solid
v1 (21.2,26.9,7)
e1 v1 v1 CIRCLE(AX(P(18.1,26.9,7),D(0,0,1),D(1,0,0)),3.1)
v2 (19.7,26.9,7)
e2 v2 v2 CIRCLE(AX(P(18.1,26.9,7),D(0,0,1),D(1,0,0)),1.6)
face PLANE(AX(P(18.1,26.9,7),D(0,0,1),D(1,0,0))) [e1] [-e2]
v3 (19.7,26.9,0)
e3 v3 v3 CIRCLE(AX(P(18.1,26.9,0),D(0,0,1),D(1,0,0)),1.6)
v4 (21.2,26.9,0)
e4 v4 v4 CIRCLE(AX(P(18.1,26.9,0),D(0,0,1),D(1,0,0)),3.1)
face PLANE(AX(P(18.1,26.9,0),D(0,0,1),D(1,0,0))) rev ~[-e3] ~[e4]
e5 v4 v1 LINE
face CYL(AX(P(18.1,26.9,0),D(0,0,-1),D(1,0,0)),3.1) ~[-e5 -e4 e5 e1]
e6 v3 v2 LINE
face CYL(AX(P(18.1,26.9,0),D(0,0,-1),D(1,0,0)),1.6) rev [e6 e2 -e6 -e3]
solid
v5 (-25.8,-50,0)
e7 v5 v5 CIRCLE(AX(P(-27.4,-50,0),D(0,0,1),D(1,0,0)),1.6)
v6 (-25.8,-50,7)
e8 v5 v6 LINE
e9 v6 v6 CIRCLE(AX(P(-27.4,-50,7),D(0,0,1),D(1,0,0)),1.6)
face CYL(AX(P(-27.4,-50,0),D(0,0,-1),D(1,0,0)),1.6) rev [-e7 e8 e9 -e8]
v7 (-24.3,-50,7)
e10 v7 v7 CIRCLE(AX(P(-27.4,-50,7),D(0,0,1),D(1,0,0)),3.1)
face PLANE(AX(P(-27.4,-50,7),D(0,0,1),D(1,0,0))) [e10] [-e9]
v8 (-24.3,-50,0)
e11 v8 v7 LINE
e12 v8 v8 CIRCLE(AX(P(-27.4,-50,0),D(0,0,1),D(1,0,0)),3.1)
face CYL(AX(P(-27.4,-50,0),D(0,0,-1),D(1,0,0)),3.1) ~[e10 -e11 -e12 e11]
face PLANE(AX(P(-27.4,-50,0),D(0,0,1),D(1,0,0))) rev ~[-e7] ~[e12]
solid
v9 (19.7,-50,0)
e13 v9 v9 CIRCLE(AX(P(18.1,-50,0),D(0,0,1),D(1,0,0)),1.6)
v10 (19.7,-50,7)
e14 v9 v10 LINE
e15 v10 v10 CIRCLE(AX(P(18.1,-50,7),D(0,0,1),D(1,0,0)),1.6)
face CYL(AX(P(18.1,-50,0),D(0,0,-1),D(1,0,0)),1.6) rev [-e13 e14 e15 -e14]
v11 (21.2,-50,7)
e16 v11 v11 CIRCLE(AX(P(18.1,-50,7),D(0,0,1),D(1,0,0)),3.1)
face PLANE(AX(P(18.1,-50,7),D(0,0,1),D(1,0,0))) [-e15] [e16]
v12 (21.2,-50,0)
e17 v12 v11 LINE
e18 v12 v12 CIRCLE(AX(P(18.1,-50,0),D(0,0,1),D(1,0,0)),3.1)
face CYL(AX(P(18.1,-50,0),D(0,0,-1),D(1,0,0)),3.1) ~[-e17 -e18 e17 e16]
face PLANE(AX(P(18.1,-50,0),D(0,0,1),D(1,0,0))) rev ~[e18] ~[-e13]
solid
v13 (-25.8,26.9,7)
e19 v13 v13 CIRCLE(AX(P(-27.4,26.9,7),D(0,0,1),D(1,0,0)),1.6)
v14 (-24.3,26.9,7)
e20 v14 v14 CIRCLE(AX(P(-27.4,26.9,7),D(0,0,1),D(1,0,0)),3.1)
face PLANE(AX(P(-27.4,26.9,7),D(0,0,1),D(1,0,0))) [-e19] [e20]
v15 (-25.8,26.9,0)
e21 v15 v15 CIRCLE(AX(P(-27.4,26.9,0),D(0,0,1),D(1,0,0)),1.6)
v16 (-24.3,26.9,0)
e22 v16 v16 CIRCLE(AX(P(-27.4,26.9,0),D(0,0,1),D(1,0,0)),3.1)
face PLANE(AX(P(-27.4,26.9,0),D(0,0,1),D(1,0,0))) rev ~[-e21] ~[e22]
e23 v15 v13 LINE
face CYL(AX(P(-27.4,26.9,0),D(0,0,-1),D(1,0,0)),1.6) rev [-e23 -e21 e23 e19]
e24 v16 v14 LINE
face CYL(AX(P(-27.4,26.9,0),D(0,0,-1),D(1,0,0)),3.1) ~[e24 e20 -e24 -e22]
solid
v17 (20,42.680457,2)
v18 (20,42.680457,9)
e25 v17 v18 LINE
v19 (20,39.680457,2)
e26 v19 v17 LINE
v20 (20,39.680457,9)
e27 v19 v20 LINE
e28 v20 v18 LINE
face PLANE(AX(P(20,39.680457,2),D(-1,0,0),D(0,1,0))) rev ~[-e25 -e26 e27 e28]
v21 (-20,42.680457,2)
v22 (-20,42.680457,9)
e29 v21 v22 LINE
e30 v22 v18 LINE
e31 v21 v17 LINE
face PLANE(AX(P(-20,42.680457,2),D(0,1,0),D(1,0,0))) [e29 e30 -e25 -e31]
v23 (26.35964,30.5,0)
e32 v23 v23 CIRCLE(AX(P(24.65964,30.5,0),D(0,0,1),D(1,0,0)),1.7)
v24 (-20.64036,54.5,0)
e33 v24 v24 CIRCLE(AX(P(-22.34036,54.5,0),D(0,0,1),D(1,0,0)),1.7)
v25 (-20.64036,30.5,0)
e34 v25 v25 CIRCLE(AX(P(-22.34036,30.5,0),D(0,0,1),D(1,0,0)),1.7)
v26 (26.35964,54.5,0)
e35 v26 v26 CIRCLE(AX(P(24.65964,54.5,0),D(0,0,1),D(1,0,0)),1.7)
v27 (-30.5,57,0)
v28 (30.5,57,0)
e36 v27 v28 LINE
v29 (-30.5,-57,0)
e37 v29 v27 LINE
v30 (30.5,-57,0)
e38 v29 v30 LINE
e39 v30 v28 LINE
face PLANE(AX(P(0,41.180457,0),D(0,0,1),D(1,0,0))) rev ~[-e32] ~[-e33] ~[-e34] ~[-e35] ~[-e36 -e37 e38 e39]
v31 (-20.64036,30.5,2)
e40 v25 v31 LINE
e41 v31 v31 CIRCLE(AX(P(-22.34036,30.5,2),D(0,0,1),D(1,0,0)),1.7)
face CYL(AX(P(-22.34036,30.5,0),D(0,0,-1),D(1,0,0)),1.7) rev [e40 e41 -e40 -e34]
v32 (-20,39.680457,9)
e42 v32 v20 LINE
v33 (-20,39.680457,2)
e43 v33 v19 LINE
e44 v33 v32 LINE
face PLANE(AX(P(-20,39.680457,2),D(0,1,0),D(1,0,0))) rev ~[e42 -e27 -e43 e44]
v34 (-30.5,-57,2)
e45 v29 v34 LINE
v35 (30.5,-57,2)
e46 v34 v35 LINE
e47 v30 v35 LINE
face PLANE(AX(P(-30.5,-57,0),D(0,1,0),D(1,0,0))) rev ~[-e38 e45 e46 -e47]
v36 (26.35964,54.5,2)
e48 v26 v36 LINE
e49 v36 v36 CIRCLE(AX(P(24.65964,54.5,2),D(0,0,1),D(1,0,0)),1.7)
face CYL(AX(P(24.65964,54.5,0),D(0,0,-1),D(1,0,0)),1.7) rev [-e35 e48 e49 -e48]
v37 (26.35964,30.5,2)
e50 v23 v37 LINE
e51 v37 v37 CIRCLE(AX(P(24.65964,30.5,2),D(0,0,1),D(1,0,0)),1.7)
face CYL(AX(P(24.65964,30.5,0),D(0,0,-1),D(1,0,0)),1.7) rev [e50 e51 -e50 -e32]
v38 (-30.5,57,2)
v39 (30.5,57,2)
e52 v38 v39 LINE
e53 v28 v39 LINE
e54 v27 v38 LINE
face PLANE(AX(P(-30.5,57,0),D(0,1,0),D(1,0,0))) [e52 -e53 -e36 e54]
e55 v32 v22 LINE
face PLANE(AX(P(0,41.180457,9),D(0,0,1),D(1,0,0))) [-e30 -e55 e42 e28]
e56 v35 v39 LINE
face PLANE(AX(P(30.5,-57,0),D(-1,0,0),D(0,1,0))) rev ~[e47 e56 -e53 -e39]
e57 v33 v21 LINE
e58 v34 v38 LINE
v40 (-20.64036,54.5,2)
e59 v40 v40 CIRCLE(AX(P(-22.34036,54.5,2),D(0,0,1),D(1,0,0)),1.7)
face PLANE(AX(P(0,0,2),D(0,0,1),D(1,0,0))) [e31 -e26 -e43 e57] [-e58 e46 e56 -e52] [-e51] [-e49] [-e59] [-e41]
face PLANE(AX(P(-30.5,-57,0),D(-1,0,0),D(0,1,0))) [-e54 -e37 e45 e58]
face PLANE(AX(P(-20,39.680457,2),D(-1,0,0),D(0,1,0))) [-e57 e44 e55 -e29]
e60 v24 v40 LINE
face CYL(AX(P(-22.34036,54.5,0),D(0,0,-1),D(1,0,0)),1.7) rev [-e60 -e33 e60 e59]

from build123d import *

# Parameters (mm, degrees)
SKETCH_W          = 61
SKETCH_H          = 114
SKETCH_R          = 1.7
PAD_DEPTH         = 2
SKETCH003_W       = 40
SKETCH003_H       = 3
PAD001_DEPTH      = 7
PAD001_DEPTH_BACK = 2
SKETCH002_R       = 3.1
SKETCH002_R_2     = 1.6
EXTRUDE_DEPTH     = 7


with BuildPart() as body:
    # Sketch → Pad (new body)
    with BuildSketch(Plane.XY):
        Rectangle(SKETCH_W, SKETCH_H)
        with Locations((24.65964, 54.5)):
            Circle(SKETCH_R, mode=Mode.SUBTRACT)
        with Locations((-22.34036, 54.5)):
            Circle(SKETCH_R, mode=Mode.SUBTRACT)
        with Locations((24.65964, 30.5)):
            Circle(SKETCH_R, mode=Mode.SUBTRACT)
        with Locations((-22.34036, 30.5)):
            Circle(SKETCH_R, mode=Mode.SUBTRACT)
    extrude(amount=PAD_DEPTH)

    # Sketch003 (on Face10 of Pad) → Pad001 (join, two sides)
    with BuildSketch(Plane.XY.offset(2)) as pad001_sk:
        with Locations((0, 41.180457)):
            Rectangle(SKETCH003_W, SKETCH003_H)
    extrude(amount=PAD001_DEPTH)
    extrude(pad001_sk.sketch, amount=-PAD001_DEPTH_BACK)


with BuildPart() as extrude_body:
    # Sketch002 → Extrude (new body)
    with BuildSketch(Plane.XY):
        with Locations((18.1, 26.9)):
            Circle(SKETCH002_R)
        with Locations((18.1, 26.9)):
            Circle(SKETCH002_R_2, mode=Mode.SUBTRACT)
        with Locations((-27.4, 26.9)):
            Circle(SKETCH002_R)
        with Locations((-27.4, 26.9)):
            Circle(SKETCH002_R_2, mode=Mode.SUBTRACT)
        with Locations((18.1, -50)):
            Circle(SKETCH002_R)
        with Locations((18.1, -50)):
            Circle(SKETCH002_R_2, mode=Mode.SUBTRACT)
        with Locations((-27.4, -50)):
            Circle(SKETCH002_R)
        with Locations((-27.4, -50)):
            Circle(SKETCH002_R_2, mode=Mode.SUBTRACT)
    extrude(amount=EXTRUDE_DEPTH)


solid = Compound([body.part, extrude_body.part])
